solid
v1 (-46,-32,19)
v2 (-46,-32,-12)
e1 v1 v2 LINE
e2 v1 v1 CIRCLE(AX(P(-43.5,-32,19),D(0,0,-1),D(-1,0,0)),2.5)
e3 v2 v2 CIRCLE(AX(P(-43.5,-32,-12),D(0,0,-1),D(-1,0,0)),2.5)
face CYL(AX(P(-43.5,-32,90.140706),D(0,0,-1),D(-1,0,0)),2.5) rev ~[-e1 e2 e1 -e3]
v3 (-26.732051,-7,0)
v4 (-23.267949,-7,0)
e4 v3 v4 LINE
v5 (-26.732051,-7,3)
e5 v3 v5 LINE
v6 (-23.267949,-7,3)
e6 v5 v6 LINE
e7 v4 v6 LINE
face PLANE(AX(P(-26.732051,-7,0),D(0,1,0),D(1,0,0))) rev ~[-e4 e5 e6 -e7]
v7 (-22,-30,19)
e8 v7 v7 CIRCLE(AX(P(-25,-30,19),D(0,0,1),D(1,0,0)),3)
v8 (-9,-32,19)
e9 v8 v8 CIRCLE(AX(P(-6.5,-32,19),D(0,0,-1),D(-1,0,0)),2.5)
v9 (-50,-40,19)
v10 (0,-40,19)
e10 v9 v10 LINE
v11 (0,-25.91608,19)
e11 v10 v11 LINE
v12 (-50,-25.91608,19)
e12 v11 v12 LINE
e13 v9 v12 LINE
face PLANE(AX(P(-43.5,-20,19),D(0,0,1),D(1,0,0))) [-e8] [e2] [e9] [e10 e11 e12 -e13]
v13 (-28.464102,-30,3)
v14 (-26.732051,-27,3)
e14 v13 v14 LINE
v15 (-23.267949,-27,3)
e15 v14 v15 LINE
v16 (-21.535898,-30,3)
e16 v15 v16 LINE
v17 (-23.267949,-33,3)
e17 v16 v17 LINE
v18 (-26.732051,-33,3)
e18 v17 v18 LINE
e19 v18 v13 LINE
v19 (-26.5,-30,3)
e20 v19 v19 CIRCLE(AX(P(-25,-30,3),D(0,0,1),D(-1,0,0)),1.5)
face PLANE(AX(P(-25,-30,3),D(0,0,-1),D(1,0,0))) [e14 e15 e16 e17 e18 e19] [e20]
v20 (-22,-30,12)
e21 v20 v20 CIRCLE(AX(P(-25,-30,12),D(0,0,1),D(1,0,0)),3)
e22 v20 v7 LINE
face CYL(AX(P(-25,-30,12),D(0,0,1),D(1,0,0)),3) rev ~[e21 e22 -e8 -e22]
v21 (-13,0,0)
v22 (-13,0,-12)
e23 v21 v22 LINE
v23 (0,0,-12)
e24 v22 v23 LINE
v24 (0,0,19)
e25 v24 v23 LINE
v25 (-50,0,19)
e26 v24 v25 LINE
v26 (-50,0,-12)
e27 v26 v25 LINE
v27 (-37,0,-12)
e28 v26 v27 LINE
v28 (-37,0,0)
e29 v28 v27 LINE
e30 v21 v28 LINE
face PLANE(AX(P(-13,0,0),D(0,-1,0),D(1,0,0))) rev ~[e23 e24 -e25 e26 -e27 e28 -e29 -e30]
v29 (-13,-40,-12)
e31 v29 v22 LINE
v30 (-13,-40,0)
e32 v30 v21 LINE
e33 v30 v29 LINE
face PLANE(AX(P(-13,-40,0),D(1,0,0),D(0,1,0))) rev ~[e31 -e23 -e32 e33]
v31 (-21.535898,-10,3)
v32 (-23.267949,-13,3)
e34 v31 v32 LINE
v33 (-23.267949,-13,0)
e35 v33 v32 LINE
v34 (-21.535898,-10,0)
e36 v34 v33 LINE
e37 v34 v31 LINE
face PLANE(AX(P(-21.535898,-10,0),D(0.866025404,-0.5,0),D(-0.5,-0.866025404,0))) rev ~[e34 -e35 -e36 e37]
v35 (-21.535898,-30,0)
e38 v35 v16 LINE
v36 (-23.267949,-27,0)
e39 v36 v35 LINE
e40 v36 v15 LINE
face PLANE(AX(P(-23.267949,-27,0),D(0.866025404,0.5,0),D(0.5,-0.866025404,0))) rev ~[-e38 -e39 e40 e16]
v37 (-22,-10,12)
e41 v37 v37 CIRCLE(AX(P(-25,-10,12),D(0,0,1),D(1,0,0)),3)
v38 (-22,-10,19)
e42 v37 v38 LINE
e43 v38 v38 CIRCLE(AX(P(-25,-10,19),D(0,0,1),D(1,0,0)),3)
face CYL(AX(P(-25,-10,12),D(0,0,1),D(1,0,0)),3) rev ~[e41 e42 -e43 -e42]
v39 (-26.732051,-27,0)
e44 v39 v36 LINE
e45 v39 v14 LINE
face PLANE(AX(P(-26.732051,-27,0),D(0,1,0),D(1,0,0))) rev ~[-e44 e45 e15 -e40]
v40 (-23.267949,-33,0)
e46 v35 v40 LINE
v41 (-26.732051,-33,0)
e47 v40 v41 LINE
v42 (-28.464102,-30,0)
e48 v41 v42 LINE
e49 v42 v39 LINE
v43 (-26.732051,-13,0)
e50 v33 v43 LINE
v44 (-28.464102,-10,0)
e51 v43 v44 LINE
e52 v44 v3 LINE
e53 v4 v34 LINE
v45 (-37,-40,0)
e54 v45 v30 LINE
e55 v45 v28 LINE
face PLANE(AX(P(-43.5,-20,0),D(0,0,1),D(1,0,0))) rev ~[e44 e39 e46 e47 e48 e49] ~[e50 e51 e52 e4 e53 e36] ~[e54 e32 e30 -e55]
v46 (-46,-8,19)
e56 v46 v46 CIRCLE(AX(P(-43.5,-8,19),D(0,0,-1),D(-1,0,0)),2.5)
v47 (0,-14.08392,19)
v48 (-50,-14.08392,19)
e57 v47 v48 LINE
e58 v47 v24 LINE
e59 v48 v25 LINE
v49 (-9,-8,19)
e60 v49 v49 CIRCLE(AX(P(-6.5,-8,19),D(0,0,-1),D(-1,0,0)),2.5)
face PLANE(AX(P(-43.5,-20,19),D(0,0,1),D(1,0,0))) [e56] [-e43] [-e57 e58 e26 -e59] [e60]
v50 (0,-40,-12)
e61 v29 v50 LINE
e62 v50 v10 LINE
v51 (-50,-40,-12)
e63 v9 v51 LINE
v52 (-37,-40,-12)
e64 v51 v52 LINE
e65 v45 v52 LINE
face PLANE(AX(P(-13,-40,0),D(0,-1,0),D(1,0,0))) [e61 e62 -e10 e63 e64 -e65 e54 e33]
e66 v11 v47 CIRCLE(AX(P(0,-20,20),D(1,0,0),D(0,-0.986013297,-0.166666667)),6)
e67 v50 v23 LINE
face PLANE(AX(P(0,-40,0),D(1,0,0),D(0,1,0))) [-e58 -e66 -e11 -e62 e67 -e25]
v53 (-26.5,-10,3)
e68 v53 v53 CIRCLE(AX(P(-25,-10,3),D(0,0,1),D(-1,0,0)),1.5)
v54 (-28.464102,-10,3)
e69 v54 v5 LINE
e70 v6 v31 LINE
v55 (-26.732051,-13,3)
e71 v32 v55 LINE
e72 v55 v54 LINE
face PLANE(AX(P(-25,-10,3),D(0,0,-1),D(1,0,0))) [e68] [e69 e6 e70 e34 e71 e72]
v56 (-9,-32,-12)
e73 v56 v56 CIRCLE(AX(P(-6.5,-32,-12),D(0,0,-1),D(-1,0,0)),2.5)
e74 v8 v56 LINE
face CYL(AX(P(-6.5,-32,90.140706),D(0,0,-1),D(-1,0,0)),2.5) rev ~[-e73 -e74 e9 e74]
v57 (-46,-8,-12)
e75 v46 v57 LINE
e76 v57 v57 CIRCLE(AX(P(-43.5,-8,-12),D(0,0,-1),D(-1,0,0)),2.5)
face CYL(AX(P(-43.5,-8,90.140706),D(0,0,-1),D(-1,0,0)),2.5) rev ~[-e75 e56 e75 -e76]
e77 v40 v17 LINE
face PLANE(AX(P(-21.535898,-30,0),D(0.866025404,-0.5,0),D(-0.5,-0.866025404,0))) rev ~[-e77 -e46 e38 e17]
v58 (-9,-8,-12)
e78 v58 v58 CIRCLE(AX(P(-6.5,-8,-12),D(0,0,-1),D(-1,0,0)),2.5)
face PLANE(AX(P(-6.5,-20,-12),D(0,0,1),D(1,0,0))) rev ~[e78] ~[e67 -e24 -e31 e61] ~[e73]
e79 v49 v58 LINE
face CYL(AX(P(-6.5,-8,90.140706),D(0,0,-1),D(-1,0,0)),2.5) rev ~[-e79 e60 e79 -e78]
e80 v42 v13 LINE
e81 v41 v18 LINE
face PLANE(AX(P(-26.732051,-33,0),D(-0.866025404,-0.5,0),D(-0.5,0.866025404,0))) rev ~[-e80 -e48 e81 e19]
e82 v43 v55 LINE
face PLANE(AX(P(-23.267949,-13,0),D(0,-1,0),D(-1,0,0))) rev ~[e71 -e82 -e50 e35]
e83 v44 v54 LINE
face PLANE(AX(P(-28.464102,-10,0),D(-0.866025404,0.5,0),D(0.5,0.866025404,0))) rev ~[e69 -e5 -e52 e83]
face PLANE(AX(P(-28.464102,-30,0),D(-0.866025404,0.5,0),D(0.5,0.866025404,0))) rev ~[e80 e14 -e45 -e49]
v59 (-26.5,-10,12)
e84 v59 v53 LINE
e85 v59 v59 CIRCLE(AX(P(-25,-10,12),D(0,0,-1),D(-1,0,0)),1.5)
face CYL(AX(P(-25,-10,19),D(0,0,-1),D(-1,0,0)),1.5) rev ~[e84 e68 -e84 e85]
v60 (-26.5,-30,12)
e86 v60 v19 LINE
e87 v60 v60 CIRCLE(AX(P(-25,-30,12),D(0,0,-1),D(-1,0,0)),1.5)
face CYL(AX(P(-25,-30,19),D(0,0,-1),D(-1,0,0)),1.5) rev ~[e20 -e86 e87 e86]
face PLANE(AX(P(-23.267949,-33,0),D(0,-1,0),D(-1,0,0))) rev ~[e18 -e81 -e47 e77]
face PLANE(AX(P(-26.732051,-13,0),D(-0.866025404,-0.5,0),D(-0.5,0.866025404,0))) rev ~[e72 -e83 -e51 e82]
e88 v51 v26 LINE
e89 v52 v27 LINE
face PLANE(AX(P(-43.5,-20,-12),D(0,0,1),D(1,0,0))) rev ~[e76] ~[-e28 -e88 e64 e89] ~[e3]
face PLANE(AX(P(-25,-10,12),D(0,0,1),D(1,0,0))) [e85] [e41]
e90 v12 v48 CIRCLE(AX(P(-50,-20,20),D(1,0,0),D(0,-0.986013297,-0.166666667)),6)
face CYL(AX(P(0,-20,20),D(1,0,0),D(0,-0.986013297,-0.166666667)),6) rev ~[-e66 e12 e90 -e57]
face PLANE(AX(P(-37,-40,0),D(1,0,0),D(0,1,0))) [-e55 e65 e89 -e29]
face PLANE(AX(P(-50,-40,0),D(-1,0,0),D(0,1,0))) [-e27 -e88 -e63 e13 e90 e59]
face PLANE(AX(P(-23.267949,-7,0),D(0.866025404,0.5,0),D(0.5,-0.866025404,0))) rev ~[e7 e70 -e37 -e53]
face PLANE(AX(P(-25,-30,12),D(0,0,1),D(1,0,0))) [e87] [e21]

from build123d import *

# Parameters (mm, degrees)
F0_W           = 13
F0_H           = 40
F0_W_2         = 24
F1_DEPTH       = 19
F3_DEPTH       = 50
F4_DEPTH       = 12
F6_D           = 5
F8_D           = 3
F8_CBORE_D     = 6
F8_CBORE_DEPTH = 7
F9_R           = 1.5
F10_DEPTH      = 3


with BuildPart() as f1:
    # F0 (on Top) → F1 (new body)
    with BuildSketch(Plane.XY):
        with Locations((-43.5, -20)):
            Rectangle(F0_W, F0_H)
        with Locations((-25, -20)):
            Rectangle(F0_W_2, F0_H)
        with Locations((-6.5, -20)):
            Rectangle(F0_W, F0_H)
    extrude(amount=F1_DEPTH)

    # F2 (on face) → F3 (cut)
    with BuildSketch(Plane.YZ):
        with BuildLine():
            Line((-14.0839202169, 19), (-25.9160797831, 19))
            ThreePointArc((-25.9160797831, 19), (-20, 14), (-14.0839202169, 19))
        make_face()
    extrude(amount=-F3_DEPTH, mode=Mode.SUBTRACT)

    # F0 (on Top) → F4 (join)
    with BuildSketch(Plane.XY):
        with Locations((-6.5, -20)):
            Rectangle(F0_W, F0_H)
        with Locations((-43.5, -20)):
            Rectangle(F0_W, F0_H)
    extrude(amount=-F4_DEPTH)

    # F6 (through all)
    with Locations(Plane.XY.offset(19)):
        with Locations((-6.5, -32), (-43.5, -32), (-43.5, -8), (-6.5, -8)):
            Hole(F6_D / 2)

    # F8 (through all)
    with Locations(Plane.XY.offset(19)):
        with Locations((-25, -10), (-25, -30)):
            CounterBoreHole(F8_D / 2, F8_CBORE_D / 2, F8_CBORE_DEPTH)

    # F9 (on face) → F10 (cut)
    with BuildSketch(Plane(origin=(0, 0, 0), x_dir=(1, 0, 0), z_dir=(0, 0, -1))):
        Polygon((-23.2679491924, 13), (-26.7320508076, 13), (-28.4641016151, 10), (-26.7320508076, 7), (-23.2679491924, 7), (-21.5358983849, 10), align=None)
        with Locations((-25, 10)):
            Circle(F9_R, mode=Mode.SUBTRACT)
        Polygon((-23.2679491924, 33), (-26.7320508076, 33), (-28.4641016151, 30), (-26.7320508076, 27), (-23.2679491924, 27), (-21.5358983849, 30), align=None)
        with Locations((-25, 30)):
            Circle(F9_R, mode=Mode.SUBTRACT)
    extrude(amount=-F10_DEPTH, mode=Mode.SUBTRACT)


solid = f1.part
